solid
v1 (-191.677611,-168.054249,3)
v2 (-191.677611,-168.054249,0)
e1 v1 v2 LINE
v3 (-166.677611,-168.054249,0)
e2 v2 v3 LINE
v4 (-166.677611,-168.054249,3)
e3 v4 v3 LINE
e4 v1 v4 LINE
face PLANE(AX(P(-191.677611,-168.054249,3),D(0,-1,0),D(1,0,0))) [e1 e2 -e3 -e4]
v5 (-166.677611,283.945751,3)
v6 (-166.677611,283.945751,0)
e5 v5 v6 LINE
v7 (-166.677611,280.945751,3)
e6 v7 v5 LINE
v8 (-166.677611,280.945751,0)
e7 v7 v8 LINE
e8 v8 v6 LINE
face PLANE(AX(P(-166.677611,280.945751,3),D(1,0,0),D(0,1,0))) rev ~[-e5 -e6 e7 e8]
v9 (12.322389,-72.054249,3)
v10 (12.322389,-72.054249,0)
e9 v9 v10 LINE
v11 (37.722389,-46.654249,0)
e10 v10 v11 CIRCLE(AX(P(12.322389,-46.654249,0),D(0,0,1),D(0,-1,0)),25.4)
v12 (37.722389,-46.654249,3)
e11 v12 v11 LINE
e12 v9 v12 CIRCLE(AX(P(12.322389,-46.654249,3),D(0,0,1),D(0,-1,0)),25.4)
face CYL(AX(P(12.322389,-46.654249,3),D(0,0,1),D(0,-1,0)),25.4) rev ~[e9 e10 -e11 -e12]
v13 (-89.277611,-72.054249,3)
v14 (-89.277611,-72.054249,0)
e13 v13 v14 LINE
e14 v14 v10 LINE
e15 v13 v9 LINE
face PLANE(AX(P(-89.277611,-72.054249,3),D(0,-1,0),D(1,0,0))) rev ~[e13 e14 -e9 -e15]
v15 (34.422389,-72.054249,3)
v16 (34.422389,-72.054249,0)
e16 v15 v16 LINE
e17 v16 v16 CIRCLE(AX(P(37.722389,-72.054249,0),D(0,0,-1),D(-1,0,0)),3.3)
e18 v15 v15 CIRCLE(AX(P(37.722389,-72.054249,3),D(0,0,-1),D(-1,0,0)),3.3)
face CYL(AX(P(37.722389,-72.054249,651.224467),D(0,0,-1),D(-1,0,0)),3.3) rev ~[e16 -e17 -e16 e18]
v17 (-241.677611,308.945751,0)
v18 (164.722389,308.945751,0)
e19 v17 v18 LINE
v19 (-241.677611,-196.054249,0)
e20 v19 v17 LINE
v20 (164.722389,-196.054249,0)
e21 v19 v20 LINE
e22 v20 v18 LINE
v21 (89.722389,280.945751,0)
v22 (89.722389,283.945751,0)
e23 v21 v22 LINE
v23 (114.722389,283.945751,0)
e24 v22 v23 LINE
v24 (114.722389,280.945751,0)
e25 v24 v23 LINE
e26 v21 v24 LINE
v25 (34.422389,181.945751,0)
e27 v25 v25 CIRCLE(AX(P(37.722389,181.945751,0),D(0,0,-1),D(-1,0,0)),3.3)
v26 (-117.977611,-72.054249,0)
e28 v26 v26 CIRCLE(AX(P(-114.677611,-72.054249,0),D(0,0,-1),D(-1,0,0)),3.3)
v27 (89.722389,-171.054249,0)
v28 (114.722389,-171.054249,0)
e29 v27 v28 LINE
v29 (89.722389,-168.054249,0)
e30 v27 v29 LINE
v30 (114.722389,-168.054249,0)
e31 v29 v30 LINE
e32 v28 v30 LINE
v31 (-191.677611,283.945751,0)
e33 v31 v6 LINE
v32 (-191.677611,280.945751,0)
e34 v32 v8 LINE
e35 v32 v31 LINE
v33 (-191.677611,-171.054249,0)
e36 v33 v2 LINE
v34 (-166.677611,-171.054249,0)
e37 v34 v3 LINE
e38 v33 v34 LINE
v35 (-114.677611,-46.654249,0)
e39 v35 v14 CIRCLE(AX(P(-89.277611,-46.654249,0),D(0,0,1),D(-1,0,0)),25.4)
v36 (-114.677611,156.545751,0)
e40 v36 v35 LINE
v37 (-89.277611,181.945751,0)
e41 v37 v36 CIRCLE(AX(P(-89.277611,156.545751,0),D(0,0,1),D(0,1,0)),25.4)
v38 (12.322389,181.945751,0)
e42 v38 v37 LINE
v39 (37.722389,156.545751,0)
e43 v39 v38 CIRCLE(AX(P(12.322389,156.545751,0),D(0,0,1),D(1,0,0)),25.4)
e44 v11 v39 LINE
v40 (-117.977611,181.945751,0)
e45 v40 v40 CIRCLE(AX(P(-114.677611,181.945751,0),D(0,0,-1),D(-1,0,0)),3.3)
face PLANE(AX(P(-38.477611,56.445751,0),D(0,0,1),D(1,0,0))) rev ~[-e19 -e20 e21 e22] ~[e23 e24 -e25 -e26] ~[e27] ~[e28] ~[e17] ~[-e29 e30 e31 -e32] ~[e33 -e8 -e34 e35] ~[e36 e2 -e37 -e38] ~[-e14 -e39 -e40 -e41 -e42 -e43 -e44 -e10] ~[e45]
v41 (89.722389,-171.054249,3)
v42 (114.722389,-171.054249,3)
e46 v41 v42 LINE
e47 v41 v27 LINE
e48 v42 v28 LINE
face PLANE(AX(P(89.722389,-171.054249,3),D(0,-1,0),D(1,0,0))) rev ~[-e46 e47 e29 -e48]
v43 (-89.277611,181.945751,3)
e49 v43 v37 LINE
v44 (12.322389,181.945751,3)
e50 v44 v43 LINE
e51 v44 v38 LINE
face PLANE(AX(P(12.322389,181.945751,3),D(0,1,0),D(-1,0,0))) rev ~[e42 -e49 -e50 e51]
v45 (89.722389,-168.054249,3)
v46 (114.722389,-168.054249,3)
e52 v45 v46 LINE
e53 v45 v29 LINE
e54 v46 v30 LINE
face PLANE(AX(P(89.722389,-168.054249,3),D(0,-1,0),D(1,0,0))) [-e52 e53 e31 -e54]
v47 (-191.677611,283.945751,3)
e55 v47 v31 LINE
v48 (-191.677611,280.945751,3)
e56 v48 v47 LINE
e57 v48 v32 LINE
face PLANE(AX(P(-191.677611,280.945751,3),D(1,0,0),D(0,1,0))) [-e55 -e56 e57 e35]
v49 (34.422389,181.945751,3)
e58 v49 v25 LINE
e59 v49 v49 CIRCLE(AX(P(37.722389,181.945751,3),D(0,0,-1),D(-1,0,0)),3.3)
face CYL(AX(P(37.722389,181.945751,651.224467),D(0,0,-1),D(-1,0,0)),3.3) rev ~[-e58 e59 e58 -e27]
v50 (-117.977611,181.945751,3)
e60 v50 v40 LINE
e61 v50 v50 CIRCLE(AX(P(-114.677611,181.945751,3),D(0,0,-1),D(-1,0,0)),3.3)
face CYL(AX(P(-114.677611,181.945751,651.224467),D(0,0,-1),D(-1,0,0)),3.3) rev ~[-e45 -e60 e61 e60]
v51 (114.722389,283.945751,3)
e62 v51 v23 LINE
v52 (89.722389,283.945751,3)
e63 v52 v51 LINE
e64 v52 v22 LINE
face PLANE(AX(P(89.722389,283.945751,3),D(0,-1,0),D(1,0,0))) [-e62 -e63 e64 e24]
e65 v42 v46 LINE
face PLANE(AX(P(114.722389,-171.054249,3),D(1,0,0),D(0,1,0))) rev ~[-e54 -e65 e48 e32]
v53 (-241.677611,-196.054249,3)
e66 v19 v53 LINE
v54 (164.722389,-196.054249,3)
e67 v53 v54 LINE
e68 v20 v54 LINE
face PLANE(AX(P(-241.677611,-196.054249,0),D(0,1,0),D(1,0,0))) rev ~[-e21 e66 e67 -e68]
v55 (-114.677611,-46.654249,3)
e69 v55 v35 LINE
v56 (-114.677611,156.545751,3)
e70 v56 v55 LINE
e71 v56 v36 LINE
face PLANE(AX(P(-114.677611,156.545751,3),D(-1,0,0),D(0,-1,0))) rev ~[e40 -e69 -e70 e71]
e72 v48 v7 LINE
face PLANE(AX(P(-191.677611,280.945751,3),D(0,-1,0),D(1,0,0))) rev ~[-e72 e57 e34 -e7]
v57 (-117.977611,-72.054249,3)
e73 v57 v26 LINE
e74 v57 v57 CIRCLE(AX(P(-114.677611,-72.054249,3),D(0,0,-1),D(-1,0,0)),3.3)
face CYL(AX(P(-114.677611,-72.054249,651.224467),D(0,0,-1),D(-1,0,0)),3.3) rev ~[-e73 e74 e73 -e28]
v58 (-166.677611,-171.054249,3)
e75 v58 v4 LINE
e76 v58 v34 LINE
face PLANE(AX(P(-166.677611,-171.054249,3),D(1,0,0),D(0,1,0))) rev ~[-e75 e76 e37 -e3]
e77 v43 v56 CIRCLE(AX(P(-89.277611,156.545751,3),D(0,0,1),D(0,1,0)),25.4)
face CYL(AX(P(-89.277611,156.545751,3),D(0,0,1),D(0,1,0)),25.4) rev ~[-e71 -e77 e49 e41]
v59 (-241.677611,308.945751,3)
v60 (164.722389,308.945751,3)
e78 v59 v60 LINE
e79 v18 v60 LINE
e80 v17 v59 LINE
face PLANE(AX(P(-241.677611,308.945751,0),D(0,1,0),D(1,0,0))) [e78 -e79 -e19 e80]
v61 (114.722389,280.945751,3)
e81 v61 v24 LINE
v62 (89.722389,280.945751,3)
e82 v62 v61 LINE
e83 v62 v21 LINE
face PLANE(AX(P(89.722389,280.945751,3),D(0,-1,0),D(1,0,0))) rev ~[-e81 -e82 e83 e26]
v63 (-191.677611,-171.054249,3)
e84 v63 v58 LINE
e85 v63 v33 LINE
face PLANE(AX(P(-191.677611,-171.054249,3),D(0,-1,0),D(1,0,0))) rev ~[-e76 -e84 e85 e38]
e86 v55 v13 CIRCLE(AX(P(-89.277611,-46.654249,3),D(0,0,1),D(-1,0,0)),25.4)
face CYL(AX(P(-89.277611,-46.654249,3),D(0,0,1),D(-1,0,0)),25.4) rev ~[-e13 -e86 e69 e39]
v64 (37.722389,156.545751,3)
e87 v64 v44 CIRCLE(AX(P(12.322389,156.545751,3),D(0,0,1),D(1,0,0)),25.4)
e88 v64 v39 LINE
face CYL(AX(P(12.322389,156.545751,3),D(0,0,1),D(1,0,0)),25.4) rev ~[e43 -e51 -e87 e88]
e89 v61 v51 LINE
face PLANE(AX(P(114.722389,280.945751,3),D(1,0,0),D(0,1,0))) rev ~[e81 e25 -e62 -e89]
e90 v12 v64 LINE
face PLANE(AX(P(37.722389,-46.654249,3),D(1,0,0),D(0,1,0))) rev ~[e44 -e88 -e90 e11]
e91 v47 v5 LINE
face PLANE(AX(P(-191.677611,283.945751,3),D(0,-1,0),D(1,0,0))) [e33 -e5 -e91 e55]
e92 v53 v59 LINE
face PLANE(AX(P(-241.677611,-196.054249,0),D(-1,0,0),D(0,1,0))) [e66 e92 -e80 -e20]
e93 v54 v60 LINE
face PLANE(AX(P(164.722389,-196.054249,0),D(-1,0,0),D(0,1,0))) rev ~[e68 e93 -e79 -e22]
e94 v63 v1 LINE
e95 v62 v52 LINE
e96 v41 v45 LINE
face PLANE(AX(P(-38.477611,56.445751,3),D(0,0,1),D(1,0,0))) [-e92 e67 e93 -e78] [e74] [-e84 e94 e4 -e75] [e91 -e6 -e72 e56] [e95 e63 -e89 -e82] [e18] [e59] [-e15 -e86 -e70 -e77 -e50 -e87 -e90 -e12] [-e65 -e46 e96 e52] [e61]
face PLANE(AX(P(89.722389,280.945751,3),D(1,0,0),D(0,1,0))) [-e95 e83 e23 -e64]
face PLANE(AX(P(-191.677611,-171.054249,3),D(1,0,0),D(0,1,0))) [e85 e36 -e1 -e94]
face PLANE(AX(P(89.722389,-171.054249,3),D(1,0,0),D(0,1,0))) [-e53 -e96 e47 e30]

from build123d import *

# Parameters (mm, degrees)
F0_W     = 406.4
F0_H     = 505
F1_DEPTH = 3
F3_D     = 6.6
F4_DEPTH = 25
F5_W     = 25
F5_H     = 3
F6_DEPTH = 25


with BuildPart() as f1:
    # F0 (on Top) → F1 (new body)
    with BuildSketch(Plane.XY):
        with Locations((-38.4776114106, 56.445750549)):
            Rectangle(F0_W, F0_H)
    extrude(amount=F1_DEPTH)

    # F3 (through all)
    with Locations(Plane.XY.offset(3)):
        with Locations((-114.6776114106, 181.945750549), (37.7223885894, 181.945750549), (37.7223885894, -72.054249451), (-114.6776114106, -72.054249451)):
            Hole(F3_D / 2)

    # F2 (on face) → F4 (cut)
    with BuildSketch(Plane.XY.offset(3)):
        with BuildLine():
            Line((12.3223885894, 181.945750549), (-89.2776114106, 181.945750549))
            ThreePointArc((-89.2776114106, 181.945750549), (-107.2381236528, 174.5062627912), (-114.6776114106, 156.545750549))
            Line((-114.6776114106, 156.545750549), (-114.6776114106, -46.654249451))
            ThreePointArc((-114.6776114106, -46.654249451), (-107.2381236528, -64.6147616931), (-89.2776114106, -72.054249451))
            Line((-89.2776114106, -72.054249451), (12.3223885894, -72.054249451))
            ThreePointArc((12.3223885894, -72.054249451), (30.2829008315, -64.6147616931), (37.7223885894, -46.654249451))
            Line((37.7223885894, -46.654249451), (37.7223885894, 156.545750549))
            ThreePointArc((37.7223885894, 156.545750549), (30.2829008315, 174.5062627912), (12.3223885894, 181.945750549))
        make_face()
    extrude(amount=-F4_DEPTH, mode=Mode.SUBTRACT)

    # F5 (on face) → F6 (cut)
    with BuildSketch(Plane.XY.offset(3)):
        with Locations((-179.1776114106, 282.445750549)):
            Rectangle(F5_W, F5_H)
        with Locations((102.2223885894, 282.445750549)):
            Rectangle(F5_W, F5_H)
        with Locations((102.2223885894, -169.554249451)):
            Rectangle(F5_W, F5_H)
        with Locations((-179.1776114106, -169.554249451)):
            Rectangle(F5_W, F5_H)
    extrude(amount=-F6_DEPTH, mode=Mode.SUBTRACT)


solid = f1.part
